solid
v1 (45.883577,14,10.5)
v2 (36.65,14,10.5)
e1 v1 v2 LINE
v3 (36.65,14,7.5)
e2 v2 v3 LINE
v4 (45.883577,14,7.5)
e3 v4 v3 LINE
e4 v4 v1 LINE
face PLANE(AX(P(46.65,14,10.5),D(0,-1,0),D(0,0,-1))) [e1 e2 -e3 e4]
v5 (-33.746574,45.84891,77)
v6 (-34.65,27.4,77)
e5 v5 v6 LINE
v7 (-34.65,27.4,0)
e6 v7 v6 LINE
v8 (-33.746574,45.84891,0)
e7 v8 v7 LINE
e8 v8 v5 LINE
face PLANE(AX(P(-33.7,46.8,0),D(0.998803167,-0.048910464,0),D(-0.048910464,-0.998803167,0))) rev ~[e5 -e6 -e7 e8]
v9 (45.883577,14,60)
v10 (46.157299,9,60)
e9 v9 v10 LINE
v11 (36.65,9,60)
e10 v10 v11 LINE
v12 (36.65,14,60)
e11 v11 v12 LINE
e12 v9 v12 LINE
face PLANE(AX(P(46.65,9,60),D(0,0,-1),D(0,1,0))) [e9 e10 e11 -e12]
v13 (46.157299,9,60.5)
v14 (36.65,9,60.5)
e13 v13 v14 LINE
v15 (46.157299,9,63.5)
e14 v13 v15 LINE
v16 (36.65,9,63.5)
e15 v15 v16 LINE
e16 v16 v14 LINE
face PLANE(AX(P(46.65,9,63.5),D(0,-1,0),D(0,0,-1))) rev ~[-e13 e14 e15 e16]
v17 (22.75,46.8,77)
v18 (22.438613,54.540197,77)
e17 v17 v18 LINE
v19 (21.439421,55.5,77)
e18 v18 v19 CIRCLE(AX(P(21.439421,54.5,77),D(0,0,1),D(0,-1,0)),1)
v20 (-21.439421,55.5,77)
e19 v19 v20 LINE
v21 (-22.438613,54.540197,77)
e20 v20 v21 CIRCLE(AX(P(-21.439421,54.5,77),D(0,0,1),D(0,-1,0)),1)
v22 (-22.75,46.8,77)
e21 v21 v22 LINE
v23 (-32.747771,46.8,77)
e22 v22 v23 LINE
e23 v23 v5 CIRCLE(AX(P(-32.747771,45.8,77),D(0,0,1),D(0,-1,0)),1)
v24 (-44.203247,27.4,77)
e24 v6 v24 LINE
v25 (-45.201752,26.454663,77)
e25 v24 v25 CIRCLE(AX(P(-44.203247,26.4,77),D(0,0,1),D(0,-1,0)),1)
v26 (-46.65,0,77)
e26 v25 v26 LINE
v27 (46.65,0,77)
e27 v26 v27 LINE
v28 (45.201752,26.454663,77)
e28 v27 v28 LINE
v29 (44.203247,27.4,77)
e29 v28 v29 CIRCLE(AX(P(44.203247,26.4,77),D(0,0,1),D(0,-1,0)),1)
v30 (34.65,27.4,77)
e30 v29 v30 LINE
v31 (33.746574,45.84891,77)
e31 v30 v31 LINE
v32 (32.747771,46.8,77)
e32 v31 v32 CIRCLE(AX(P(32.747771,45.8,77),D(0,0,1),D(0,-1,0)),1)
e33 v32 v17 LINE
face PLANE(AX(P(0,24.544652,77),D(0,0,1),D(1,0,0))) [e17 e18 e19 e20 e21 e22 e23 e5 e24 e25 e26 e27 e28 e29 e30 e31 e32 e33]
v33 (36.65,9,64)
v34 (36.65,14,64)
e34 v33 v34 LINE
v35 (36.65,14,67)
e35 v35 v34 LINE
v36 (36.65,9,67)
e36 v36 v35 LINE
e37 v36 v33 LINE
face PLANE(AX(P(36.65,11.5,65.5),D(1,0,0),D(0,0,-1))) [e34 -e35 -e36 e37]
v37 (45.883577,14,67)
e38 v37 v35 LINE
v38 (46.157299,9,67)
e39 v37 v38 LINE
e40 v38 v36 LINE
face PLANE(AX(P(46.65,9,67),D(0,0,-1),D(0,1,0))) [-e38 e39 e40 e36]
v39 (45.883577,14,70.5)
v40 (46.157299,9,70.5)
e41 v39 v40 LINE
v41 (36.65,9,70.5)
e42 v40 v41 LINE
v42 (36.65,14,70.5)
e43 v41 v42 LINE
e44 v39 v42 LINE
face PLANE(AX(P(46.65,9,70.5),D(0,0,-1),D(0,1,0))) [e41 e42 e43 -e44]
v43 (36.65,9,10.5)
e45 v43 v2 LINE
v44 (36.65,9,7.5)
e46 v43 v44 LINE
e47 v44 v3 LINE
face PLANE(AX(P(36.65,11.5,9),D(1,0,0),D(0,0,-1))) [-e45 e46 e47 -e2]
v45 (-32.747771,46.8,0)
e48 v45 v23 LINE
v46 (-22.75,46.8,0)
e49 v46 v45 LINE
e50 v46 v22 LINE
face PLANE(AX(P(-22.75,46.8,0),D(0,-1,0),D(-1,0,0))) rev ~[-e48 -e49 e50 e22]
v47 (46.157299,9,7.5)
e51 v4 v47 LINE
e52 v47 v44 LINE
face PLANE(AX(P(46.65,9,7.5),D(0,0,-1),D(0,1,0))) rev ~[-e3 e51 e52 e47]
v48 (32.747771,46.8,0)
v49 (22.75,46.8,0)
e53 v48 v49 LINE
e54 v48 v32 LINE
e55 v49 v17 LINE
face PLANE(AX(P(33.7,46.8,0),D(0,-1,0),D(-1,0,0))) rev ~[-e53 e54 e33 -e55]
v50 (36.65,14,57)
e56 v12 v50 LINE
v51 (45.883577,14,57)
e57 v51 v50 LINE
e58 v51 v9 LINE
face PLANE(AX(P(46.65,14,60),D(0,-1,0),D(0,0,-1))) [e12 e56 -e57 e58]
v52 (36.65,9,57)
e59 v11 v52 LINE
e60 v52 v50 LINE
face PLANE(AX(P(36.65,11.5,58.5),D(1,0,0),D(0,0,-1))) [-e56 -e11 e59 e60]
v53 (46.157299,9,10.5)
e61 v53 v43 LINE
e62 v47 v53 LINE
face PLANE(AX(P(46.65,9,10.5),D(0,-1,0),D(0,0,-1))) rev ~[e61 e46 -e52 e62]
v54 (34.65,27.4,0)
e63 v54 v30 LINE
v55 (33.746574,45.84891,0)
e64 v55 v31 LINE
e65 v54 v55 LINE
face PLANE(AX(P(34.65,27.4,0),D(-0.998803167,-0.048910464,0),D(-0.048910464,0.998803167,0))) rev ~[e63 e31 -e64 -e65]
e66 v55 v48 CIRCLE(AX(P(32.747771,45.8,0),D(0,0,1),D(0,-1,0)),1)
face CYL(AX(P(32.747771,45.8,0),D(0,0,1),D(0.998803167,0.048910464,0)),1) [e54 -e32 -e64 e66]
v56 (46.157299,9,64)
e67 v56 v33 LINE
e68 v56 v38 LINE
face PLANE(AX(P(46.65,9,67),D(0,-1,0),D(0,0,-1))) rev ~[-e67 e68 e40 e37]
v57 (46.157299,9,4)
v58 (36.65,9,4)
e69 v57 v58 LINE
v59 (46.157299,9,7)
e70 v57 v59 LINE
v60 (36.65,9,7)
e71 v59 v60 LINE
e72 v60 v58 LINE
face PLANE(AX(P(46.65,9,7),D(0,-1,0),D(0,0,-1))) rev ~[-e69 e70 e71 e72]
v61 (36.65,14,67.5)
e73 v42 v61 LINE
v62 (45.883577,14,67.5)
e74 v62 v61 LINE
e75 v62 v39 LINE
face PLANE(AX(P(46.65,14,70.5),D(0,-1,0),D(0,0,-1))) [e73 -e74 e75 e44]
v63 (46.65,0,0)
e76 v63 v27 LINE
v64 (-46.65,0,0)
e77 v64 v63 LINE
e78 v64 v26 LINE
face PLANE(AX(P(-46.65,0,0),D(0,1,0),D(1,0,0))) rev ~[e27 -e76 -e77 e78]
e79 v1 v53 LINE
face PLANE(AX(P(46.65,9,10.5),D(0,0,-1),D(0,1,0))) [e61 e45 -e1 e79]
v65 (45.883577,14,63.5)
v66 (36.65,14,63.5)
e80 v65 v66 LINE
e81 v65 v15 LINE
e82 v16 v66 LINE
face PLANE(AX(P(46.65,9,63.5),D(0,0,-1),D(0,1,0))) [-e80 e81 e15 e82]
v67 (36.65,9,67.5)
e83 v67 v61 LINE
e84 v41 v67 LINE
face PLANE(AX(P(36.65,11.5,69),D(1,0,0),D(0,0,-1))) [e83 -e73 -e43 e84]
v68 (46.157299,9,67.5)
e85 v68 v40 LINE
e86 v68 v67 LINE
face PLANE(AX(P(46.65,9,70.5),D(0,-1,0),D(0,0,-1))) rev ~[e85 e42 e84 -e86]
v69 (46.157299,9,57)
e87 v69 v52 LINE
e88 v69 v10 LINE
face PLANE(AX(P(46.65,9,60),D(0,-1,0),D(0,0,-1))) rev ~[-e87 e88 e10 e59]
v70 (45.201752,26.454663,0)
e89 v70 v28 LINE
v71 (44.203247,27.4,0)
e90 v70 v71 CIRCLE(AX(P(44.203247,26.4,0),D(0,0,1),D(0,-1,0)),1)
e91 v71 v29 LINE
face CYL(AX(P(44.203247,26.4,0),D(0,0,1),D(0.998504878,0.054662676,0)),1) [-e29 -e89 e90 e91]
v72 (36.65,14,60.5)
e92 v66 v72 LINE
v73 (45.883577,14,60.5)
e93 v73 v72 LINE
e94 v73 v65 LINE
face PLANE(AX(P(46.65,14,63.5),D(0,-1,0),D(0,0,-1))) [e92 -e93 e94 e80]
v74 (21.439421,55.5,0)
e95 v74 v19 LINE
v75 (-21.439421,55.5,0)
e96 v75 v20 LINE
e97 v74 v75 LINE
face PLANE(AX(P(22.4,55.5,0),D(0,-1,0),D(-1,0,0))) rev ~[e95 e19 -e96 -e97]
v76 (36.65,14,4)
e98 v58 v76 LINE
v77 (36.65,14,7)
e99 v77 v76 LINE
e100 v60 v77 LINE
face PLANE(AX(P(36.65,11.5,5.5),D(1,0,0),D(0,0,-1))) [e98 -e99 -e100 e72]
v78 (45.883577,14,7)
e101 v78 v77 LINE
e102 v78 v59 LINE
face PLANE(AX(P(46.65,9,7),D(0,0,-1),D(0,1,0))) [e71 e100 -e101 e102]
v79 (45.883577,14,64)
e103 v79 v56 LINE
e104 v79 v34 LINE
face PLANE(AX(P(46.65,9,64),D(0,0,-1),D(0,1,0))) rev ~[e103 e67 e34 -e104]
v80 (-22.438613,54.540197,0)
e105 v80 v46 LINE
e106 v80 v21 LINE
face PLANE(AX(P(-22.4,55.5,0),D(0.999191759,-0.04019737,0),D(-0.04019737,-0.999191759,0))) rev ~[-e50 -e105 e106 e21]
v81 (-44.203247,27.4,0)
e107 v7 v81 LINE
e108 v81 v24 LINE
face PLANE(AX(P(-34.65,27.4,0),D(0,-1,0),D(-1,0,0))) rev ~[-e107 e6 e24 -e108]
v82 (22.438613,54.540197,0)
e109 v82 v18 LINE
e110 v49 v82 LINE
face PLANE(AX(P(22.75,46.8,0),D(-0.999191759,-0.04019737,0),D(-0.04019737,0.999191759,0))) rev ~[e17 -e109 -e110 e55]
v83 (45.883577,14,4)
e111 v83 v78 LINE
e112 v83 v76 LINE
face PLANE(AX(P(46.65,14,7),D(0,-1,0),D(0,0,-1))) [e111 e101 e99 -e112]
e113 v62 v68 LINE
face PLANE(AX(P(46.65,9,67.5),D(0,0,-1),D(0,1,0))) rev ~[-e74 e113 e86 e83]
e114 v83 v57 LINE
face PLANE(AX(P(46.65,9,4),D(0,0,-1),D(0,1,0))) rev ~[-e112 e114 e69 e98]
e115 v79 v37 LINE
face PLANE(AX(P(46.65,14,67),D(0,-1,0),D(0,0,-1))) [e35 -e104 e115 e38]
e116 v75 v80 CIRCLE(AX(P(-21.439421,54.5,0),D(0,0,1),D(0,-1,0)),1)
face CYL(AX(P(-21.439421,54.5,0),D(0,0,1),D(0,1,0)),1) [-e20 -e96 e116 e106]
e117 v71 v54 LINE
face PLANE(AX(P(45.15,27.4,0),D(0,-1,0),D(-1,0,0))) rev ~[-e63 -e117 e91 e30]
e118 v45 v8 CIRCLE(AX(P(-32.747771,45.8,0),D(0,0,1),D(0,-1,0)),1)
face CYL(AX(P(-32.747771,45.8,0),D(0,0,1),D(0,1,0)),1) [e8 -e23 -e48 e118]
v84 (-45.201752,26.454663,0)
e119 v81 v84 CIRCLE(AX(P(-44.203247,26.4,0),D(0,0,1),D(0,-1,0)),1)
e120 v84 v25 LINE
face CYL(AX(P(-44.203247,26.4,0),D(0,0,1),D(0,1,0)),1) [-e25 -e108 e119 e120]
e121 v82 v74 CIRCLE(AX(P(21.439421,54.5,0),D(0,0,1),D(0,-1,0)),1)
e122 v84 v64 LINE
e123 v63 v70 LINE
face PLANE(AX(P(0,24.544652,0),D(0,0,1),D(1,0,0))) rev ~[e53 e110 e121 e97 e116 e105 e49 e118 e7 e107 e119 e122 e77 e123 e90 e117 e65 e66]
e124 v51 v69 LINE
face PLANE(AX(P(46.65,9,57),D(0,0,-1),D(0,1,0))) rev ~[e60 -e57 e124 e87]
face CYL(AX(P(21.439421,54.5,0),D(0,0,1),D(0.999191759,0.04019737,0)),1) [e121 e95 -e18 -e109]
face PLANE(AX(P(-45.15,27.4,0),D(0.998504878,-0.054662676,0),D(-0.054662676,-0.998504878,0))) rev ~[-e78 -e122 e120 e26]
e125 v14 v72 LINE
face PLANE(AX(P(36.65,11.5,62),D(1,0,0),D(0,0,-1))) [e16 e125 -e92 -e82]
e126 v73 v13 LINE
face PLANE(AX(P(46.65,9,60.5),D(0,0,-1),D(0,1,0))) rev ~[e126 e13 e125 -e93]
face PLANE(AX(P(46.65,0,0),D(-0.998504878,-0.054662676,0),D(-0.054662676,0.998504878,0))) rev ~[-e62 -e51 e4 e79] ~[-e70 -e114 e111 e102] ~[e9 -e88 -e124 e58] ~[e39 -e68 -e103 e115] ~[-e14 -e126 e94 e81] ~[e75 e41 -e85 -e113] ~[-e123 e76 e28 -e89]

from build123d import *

# Parameters (mm, degrees)
BOSS_EXTRUDE1_DEPTH       = 77
FILLET1_R                 = 1
SKETCH2_W                 = 3
SKETCH2_H                 = 5
CUT_EXTRUDE1_DEPTH        = 10
LPATTERN1_COUNT           = 2
LPATTERN1_PITCH           = 3.5
LPATTERN2_COUNT           = 2
LPATTERN2_PITCH           = 60
LPATTERN2_COPY_1_SKETCH_W = 3
LPATTERN2_COPY_1_SKETCH_H = 5
LPATTERN2_COPY_1_DEPTH    = 10
LPATTERN4_COUNT           = 2
LPATTERN4_PITCH           = 53
LPATTERN4_COPY_1_SKETCH_W = 3
LPATTERN4_COPY_1_SKETCH_H = 5
LPATTERN4_COPY_1_DEPTH    = 10


with BuildPart() as part:
    # Sketch1 → Boss-Extrude1 (new body)
    with BuildSketch(Plane.XY):
        Polygon((-46.65, 0), (46.65, 0), (45.15, 27.4), (34.65, 27.4), (33.7, 46.8), (22.75, 46.8), (22.4, 55.5), (-22.4, 55.5), (-22.75, 46.8), (-33.7, 46.8), (-34.65, 27.4), (-45.15, 27.4), align=None)
    extrude(amount=BOSS_EXTRUDE1_DEPTH)

    # Fillet1
    fillet1_edges = [part.edges().sort_by_distance(p)[0] for p in [
        (-45.15, 27.4, 38.5),
        (-33.7, 46.8, 38.5),
        (-22.4, 55.5, 38.5),
        (22.4, 55.5, 38.5),
        (33.7, 46.8, 38.5),
        (45.15, 27.4, 38.5),
    ]]
    fillet(fillet1_edges, radius=FILLET1_R)

    # Sketch2 → Cut-Extrude1 (cut)
    with BuildSketch(Plane(origin=(46.65, 0, 0), x_dir=(0, 0, -1), z_dir=(1, 0, 0))):
        with Locations((-5.5, 11.5)):
            Rectangle(SKETCH2_W, SKETCH2_H)
    cut_extrude1 = extrude(amount=-CUT_EXTRUDE1_DEPTH, mode=Mode.SUBTRACT)

    # LPattern1: Cut-Extrude1 ×2
    with Locations(*[(0, 0, i * LPATTERN1_PITCH) for i in range(1, LPATTERN1_COUNT)]):
        add(cut_extrude1, mode=Mode.SUBTRACT)

    # LPattern2: Cut-Extrude1 ×2
    with Locations(*[(0, 0, i * LPATTERN2_PITCH) for i in range(1, LPATTERN2_COUNT)]):
        add(cut_extrude1, mode=Mode.SUBTRACT)

    # LPattern2 copy 1 sketch → LPattern2 copy 1 (cut)
    with BuildSketch(Plane(origin=(46.65, 0, 63.5), x_dir=(0, 0, -1), z_dir=(1, 0, 0))):
        with Locations((-5.5, 11.5)):
            Rectangle(LPATTERN2_COPY_1_SKETCH_W, LPATTERN2_COPY_1_SKETCH_H)
    extrude(amount=-LPATTERN2_COPY_1_DEPTH, mode=Mode.SUBTRACT)

    # LPattern4: Cut-Extrude1 ×2
    with Locations(*[(0, 0, i * LPATTERN4_PITCH) for i in range(1, LPATTERN4_COUNT)]):
        add(cut_extrude1, mode=Mode.SUBTRACT)

    # LPattern4 copy 1 sketch → LPattern4 copy 1 (cut)
    with BuildSketch(Plane(origin=(46.65, 0, 56.5), x_dir=(0, 0, -1), z_dir=(1, 0, 0))):
        with Locations((-5.5, 11.5)):
            Rectangle(LPATTERN4_COPY_1_SKETCH_W, LPATTERN4_COPY_1_SKETCH_H)
    extrude(amount=-LPATTERN4_COPY_1_DEPTH, mode=Mode.SUBTRACT)


solid = part.part
